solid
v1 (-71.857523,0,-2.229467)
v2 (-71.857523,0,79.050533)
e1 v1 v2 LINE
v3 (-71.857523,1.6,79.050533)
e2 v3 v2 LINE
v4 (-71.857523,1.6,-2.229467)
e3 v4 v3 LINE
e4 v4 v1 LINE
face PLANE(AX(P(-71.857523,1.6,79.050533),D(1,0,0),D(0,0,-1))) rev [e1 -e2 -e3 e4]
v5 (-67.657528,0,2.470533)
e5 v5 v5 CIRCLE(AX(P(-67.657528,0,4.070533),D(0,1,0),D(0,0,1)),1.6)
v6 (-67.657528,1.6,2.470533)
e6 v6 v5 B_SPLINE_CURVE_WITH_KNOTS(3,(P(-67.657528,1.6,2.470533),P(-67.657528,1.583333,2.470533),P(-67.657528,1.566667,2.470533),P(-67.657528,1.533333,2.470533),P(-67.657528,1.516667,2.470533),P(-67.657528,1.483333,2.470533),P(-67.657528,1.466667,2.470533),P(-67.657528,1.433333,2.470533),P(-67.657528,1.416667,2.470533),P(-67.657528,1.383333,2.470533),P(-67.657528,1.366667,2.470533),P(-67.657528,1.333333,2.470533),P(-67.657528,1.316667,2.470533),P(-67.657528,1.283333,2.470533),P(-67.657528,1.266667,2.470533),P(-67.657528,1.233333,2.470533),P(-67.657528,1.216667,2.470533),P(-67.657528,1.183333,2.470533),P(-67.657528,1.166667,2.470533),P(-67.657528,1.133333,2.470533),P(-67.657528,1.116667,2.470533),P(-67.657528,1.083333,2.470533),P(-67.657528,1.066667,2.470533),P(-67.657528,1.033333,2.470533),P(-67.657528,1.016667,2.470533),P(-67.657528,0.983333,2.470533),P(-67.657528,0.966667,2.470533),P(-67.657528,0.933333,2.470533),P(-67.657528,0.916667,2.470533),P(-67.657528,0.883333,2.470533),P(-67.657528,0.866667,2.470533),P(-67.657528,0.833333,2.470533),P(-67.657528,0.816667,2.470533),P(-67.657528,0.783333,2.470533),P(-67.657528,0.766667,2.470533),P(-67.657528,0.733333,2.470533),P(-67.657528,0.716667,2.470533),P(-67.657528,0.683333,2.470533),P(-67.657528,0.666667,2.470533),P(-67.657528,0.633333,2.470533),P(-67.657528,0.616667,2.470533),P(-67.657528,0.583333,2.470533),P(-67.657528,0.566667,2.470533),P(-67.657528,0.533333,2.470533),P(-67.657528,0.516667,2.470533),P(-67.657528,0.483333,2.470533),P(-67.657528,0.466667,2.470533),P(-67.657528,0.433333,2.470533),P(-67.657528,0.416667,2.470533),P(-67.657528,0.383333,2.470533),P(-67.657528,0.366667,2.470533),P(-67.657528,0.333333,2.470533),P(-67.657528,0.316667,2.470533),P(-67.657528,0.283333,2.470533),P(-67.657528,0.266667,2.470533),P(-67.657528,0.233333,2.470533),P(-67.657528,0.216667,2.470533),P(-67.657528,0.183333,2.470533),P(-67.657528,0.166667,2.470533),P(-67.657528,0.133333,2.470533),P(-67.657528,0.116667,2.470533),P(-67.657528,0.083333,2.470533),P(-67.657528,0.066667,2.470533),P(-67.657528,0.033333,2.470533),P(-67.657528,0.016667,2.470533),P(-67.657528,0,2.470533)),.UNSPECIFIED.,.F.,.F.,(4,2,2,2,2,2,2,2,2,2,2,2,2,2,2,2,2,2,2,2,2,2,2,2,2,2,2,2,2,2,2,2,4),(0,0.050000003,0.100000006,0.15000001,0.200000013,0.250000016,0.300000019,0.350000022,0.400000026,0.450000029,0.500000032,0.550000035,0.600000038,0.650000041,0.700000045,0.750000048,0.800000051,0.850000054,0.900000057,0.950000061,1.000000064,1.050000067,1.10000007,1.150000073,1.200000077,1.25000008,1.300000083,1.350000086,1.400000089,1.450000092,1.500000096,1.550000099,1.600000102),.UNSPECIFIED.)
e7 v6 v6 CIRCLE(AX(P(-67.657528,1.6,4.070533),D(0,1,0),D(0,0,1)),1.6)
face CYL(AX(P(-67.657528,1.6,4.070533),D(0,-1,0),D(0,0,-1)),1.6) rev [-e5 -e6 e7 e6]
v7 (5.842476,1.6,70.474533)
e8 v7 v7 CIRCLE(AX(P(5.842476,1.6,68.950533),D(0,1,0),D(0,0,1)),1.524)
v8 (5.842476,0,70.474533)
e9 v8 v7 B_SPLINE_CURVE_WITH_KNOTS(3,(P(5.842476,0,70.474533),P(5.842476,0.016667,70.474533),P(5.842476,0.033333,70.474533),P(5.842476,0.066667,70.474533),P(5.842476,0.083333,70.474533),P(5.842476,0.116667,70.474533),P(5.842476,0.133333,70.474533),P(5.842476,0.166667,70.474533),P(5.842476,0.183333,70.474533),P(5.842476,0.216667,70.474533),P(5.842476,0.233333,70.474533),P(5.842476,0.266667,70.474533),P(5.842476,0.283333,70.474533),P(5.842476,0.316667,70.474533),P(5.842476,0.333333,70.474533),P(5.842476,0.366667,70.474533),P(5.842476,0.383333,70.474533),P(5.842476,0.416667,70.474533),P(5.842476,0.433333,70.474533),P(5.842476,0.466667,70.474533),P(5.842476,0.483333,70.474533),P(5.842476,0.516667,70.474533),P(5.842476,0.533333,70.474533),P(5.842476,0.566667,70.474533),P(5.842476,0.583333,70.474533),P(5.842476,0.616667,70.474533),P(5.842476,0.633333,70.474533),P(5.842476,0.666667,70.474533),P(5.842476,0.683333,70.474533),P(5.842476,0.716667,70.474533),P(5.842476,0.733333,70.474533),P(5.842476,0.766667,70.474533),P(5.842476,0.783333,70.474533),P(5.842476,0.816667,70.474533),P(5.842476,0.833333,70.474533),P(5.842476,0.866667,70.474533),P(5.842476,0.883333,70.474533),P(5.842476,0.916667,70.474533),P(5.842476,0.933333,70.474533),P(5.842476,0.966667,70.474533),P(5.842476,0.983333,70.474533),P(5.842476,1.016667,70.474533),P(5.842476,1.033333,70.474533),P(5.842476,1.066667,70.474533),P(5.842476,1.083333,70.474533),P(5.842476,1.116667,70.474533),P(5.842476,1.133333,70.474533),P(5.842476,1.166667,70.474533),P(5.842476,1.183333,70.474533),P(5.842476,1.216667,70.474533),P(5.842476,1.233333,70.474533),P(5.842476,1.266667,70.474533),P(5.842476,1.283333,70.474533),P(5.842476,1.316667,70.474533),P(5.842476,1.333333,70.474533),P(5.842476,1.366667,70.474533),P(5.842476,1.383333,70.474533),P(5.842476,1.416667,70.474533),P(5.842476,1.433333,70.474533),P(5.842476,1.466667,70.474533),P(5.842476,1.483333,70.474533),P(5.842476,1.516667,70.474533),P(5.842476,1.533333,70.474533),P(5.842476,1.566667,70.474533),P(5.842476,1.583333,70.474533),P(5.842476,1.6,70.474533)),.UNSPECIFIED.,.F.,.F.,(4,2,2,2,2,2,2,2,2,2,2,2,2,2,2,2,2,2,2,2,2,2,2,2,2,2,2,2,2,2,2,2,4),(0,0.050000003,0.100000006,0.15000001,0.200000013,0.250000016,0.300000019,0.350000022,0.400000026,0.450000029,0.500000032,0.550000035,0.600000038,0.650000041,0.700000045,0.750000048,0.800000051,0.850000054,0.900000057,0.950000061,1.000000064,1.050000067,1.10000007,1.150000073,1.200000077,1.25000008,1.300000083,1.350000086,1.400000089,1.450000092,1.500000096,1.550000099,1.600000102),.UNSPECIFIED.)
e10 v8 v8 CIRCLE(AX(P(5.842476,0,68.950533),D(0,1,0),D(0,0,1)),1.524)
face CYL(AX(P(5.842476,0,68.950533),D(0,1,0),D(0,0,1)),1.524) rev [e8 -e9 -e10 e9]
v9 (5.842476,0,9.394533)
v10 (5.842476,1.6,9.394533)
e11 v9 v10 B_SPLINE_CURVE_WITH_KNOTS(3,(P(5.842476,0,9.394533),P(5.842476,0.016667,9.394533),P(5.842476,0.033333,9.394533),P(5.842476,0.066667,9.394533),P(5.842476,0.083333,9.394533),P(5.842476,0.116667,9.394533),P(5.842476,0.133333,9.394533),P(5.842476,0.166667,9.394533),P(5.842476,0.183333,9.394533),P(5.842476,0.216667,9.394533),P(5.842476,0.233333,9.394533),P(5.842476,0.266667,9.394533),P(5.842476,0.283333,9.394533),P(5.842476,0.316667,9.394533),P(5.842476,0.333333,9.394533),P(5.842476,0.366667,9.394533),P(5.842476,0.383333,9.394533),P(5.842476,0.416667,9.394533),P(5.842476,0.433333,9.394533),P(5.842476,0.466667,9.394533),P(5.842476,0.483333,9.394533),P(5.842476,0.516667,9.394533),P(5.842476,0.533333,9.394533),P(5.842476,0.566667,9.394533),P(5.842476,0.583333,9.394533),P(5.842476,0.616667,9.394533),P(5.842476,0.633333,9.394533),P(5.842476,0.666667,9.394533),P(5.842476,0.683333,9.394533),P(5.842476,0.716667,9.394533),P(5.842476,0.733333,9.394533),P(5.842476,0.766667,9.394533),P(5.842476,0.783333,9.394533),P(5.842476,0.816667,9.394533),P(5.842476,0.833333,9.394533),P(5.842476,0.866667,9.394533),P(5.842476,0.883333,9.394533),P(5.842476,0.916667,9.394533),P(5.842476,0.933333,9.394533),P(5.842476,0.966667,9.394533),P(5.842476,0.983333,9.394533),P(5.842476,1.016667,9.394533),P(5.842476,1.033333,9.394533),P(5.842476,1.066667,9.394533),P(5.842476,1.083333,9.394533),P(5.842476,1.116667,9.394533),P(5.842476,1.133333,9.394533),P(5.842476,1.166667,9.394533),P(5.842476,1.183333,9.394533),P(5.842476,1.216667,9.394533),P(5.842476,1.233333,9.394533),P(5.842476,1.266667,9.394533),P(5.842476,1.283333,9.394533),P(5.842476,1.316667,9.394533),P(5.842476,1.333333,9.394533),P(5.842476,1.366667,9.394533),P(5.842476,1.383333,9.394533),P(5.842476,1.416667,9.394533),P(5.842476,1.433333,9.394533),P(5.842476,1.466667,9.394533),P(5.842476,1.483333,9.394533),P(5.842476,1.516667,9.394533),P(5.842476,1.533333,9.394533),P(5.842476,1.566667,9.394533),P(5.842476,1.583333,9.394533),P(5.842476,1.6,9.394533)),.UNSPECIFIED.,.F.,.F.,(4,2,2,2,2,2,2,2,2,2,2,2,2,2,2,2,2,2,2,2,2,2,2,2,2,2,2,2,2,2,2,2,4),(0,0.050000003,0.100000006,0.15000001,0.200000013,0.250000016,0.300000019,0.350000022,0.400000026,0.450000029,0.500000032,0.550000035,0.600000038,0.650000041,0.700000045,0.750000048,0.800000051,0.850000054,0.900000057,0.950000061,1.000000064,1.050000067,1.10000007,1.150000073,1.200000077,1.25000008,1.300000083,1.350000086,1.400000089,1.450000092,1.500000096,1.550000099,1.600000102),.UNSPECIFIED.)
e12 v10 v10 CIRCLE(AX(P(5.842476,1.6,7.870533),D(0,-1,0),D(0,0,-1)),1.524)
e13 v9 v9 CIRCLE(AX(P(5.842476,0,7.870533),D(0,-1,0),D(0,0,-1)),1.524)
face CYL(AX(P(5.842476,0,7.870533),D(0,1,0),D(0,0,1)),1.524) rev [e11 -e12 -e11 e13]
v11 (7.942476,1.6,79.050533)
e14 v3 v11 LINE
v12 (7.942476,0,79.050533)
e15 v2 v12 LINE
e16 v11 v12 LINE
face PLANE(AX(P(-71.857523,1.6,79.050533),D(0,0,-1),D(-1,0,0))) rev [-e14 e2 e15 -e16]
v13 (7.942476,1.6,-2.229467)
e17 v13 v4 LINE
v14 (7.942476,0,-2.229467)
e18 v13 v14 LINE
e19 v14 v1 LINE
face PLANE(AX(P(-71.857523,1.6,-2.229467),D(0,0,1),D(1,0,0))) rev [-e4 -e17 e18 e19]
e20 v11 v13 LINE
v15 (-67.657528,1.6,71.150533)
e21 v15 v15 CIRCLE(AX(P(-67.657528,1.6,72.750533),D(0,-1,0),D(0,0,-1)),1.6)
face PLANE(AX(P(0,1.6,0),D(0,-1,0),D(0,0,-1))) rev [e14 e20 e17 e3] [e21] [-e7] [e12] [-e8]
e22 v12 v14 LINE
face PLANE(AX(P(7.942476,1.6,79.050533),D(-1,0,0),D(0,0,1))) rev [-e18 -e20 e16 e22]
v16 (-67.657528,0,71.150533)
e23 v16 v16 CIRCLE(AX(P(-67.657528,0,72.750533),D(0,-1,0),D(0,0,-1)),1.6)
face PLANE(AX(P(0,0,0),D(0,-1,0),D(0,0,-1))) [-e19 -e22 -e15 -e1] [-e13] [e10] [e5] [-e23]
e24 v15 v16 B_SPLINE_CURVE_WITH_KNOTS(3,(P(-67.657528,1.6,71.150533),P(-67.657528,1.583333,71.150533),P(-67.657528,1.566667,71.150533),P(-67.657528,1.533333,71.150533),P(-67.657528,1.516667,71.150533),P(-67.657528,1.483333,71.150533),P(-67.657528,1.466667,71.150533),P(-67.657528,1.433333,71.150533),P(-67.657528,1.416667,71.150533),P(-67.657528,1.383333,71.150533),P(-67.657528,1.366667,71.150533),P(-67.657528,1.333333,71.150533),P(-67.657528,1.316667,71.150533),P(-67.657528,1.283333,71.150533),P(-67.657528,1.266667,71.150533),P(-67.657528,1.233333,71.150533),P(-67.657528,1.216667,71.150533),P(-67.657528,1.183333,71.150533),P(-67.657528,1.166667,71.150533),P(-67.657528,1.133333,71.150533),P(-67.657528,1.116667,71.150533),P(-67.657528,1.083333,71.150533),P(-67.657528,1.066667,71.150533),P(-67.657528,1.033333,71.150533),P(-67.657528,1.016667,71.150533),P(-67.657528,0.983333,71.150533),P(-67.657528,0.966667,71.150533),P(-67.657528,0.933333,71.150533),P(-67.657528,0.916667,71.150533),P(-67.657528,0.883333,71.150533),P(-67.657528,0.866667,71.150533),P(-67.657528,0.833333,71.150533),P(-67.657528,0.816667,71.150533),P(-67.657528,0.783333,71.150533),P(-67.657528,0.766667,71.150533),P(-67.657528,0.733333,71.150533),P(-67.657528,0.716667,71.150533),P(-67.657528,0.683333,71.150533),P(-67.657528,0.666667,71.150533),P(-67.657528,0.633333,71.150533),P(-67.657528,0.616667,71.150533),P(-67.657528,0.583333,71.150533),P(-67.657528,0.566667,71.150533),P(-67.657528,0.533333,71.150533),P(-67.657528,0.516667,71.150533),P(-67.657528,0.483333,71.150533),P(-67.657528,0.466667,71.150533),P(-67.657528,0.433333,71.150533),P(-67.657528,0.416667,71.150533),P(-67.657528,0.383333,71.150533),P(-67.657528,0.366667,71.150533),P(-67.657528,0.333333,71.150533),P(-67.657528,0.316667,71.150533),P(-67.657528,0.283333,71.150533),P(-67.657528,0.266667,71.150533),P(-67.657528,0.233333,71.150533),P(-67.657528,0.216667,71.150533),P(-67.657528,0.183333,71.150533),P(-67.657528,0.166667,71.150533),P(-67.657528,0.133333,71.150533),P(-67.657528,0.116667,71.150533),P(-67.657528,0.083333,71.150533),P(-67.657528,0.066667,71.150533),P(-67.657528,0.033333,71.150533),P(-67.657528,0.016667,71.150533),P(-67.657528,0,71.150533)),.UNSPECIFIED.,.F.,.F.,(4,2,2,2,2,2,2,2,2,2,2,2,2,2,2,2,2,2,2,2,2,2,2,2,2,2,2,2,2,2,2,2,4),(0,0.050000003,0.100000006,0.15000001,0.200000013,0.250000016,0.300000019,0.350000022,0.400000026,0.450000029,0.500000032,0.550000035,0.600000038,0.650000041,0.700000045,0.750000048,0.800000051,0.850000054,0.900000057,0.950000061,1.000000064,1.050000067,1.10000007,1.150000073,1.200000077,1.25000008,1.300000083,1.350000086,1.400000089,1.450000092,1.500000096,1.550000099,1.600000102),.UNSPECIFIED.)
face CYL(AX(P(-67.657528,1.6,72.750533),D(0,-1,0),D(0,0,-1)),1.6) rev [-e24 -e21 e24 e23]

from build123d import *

# Parameters (mm, degrees)
SKETCH1_W           = 79.799999912
SKETCH1_H           = 81.28
BOSS_EXTRUDE1_DEPTH = 1.600000102
SKETCH2_R           = 1.524
CUT_EXTRUDE1_DEPTH  = 107.841239355
SKETCH4_R           = 1.6
CUT_EXTRUDE2_DEPTH  = 107.841239355


with BuildPart() as part:
    # Sketch1 → Boss-Extrude1 (new body)
    with BuildSketch(Plane(origin=(0, 0, 0), x_dir=(1, 0, 0), z_dir=(0, 1, 0))):
        with Locations((-31.957523467, -38.410532915)):
            Rectangle(SKETCH1_W, SKETCH1_H)
    extrude(amount=BOSS_EXTRUDE1_DEPTH)

    # Sketch2 → Cut-Extrude1 (cut, through all)
    with BuildSketch(Plane(origin=(0, 1.600000102, 0), x_dir=(1, 0, 0), z_dir=(0, 1, 0))):
        with Locations(Location((5.842476489, -68.950532915, 0), (0, 0, 270))):
            Circle(SKETCH2_R)
    cut_extrude1 = extrude(amount=-CUT_EXTRUDE1_DEPTH, mode=Mode.SUBTRACT)

    # Mirror1: Cut-Extrude1 across plane
    add(cut_extrude1.mirror(Plane.XY.offset(38.410532915)), mode=Mode.SUBTRACT)

    # Sketch4 → Cut-Extrude2 (cut, through all)
    with BuildSketch(Plane.XZ):
        with Locations(Location((-67.657528223, 72.750532915, 0), (0, 0, 270))):
            Circle(SKETCH4_R)
    cut_extrude2 = extrude(amount=-CUT_EXTRUDE2_DEPTH, mode=Mode.SUBTRACT)

    # Mirror2: Cut-Extrude2 across plane
    add(cut_extrude2.mirror(Plane.XY.offset(38.410532915)), mode=Mode.SUBTRACT)


solid = part.part
